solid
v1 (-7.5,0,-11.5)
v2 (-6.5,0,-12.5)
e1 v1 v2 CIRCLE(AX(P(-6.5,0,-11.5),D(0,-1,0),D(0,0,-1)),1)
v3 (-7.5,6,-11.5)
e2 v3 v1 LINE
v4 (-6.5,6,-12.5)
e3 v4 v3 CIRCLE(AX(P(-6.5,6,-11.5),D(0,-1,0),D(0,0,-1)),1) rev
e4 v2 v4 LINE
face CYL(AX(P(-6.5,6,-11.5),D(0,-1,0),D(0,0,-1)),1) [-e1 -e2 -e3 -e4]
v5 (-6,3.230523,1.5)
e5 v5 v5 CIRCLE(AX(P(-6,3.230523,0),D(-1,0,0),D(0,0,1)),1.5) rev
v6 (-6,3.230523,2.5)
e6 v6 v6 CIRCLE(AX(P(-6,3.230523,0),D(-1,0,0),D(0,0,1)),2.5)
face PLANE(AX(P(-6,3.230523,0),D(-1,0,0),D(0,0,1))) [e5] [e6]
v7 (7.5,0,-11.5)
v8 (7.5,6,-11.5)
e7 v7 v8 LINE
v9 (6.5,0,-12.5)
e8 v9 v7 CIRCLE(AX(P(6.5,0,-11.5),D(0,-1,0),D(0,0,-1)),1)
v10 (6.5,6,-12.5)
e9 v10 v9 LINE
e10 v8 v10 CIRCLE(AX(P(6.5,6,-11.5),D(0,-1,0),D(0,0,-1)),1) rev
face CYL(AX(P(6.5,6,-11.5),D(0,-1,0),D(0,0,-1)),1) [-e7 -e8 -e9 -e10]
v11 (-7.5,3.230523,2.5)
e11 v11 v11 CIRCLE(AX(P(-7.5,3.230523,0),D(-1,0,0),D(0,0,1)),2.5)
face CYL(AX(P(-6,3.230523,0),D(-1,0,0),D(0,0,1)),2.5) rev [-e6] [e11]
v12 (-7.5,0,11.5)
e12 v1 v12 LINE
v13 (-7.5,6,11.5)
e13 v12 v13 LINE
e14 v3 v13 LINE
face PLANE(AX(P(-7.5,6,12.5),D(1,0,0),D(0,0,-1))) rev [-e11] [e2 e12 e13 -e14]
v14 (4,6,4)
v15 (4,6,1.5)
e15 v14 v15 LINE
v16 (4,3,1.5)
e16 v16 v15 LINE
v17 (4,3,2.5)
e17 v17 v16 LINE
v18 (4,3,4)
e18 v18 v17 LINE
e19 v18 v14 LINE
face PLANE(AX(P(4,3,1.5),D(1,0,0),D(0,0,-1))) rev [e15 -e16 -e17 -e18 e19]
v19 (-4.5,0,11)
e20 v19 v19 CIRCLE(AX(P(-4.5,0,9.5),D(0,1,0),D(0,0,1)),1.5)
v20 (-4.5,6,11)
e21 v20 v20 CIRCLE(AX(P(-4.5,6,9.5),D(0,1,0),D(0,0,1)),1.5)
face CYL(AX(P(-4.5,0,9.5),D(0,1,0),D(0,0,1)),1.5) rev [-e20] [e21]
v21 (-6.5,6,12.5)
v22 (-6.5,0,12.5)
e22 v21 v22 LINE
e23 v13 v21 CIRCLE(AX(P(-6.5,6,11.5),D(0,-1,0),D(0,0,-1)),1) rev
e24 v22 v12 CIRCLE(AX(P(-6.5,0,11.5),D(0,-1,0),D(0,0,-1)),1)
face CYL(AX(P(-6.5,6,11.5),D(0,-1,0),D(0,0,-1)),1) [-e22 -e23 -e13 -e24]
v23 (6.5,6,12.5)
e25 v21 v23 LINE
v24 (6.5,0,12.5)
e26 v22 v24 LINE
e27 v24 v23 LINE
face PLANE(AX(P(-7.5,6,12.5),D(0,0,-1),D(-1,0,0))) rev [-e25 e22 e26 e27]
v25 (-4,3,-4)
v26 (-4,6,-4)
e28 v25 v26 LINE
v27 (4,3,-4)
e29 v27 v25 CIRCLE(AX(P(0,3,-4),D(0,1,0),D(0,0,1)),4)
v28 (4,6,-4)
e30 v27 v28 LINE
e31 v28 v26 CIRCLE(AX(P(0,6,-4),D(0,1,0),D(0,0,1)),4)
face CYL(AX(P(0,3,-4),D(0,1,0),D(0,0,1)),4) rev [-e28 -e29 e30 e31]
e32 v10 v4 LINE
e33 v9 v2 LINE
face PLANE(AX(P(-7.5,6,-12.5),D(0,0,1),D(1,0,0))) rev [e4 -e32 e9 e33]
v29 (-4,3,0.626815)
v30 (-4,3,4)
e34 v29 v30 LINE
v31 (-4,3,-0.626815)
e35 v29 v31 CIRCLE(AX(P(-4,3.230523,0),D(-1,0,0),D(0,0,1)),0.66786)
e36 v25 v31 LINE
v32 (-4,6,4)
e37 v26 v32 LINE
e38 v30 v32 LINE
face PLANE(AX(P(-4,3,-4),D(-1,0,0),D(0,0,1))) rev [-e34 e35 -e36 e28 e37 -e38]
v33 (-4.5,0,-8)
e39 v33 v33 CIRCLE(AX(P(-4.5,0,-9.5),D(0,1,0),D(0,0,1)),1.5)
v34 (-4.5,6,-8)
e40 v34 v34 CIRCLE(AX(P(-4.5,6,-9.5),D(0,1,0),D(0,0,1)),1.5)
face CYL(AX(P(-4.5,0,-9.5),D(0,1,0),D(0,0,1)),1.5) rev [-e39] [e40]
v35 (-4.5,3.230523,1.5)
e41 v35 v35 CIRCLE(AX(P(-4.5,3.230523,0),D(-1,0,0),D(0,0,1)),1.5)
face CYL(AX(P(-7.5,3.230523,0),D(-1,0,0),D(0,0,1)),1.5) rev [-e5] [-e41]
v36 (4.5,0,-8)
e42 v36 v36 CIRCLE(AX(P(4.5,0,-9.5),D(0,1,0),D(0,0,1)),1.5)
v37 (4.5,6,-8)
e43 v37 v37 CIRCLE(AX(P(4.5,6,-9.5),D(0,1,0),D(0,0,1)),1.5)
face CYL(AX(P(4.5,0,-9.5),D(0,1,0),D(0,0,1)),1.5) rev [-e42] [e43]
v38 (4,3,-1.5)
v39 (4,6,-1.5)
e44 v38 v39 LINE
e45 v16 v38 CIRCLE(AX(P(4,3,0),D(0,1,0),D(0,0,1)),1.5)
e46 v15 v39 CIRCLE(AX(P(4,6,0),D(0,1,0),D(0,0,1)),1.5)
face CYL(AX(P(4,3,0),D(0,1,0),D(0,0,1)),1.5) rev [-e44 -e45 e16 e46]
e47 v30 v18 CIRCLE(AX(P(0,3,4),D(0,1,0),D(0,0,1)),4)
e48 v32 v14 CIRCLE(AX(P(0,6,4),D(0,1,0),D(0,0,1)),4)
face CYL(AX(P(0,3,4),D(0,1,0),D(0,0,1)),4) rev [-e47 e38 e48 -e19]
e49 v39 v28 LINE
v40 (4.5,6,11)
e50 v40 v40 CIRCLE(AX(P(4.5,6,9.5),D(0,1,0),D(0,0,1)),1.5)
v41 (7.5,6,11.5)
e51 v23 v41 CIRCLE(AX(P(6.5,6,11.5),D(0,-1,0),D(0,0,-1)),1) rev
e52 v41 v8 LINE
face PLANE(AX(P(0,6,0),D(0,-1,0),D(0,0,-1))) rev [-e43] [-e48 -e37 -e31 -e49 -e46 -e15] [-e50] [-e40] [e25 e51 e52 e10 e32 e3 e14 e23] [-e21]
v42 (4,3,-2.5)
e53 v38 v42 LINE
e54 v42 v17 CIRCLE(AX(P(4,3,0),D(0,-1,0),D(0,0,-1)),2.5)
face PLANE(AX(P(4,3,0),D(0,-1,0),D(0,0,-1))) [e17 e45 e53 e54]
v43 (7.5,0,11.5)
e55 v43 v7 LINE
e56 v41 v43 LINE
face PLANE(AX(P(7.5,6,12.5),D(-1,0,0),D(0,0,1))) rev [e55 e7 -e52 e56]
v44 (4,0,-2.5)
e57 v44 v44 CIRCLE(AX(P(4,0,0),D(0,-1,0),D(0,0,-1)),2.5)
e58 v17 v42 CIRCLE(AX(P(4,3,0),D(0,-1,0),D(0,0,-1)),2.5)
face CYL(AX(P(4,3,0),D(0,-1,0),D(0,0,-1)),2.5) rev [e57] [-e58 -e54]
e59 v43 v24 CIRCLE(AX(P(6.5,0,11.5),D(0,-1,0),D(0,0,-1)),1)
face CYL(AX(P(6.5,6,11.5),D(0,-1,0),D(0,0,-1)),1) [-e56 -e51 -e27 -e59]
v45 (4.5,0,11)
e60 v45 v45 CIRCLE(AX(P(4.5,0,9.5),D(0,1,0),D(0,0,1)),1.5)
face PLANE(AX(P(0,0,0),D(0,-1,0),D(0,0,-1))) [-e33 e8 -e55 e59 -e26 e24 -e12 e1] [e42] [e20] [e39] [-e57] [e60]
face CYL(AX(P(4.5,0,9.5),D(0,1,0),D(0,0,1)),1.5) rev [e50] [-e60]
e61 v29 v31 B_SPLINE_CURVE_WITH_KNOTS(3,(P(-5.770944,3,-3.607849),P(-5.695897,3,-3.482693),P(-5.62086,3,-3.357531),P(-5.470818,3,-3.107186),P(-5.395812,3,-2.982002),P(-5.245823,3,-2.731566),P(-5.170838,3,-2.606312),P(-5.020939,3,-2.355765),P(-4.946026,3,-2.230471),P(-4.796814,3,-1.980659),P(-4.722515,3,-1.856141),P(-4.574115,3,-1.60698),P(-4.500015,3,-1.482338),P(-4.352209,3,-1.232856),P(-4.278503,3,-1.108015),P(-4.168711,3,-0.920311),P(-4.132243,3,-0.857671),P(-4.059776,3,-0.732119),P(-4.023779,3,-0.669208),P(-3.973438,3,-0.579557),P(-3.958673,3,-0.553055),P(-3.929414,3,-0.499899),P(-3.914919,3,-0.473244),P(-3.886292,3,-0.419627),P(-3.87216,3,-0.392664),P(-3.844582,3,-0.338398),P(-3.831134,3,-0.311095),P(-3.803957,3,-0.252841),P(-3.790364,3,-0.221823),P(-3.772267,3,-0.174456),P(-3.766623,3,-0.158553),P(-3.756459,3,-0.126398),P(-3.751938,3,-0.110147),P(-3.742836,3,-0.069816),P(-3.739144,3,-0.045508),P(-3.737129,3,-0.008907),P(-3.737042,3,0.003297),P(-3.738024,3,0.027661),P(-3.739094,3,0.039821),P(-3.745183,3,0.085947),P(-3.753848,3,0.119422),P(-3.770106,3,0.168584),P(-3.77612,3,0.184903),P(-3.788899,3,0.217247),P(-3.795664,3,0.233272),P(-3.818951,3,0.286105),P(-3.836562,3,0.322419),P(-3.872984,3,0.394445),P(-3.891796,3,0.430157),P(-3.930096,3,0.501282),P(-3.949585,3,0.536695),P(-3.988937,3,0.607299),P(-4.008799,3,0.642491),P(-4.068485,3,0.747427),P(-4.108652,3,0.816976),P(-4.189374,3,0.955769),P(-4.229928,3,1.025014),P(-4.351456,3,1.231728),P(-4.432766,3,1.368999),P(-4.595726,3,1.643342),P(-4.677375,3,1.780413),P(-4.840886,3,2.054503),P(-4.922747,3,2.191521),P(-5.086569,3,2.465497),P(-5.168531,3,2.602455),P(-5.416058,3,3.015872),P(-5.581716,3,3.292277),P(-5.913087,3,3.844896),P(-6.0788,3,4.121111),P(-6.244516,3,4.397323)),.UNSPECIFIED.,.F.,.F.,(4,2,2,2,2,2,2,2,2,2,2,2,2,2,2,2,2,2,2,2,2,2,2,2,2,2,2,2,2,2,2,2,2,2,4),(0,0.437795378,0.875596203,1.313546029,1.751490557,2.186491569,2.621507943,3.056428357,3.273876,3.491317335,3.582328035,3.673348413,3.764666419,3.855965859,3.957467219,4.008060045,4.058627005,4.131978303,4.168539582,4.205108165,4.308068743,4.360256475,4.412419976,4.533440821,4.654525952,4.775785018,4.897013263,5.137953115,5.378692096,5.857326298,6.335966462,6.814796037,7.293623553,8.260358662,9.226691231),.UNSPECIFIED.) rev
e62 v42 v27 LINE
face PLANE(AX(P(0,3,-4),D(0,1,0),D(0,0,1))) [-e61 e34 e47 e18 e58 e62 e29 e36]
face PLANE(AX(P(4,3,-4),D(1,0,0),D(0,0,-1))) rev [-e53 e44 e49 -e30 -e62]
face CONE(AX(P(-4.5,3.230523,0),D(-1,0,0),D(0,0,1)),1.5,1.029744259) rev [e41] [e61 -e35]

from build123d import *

# Parameters (mm, degrees)
SKETCH1_W                 = 15
SKETCH1_H                 = 25
BOSS_EXTRUDE1_DEPTH       = 6
CUT_EXTRUDE1_DEPTH        = 3
SKETCH3_R                 = 1.5
CUT_EXTRUDE2_DEPTH        = 16.76388277
SKETCH4_R                 = 2.5
CUT_EXTRUDE3_DEPTH        = 3
F_3_0MM_DOWEL_HOLE1_D     = 3
F_3_0MM_DOWEL_HOLE1_DEPTH = 3
F_3_0MM_DOWEL_HOLE1_TIP   = 0.901290929
SKETCH7_R                 = 2.5
CUT_EXTRUDE4_DEPTH        = 1.5
FILLET1_R                 = 1


with BuildPart() as part:
    # Sketch1 → Boss-Extrude1 (new body)
    with BuildSketch(Plane(origin=(0, 0, 0), x_dir=(1, 0, 0), z_dir=(0, 1, 0))):
        Rectangle(SKETCH1_W, SKETCH1_H)
    extrude(amount=BOSS_EXTRUDE1_DEPTH)

    # Sketch2 → Cut-Extrude1 (cut)
    with BuildSketch(Plane(origin=(0, 6, 0), x_dir=(1, 0, 0), z_dir=(0, 1, 0))):
        with BuildLine():
            Line((4, 4), (4, 1.5))
            ThreePointArc((4, 1.5), (5.5, 0), (4, -1.5))
            Line((4, -1.5), (4, -4))
            ThreePointArc((4, -4), (0, -8), (-4, -4))
            Line((-4, -4), (-4, 4))
            ThreePointArc((-4, 4), (0, 8), (4, 4))
        make_face()
    extrude(amount=-CUT_EXTRUDE1_DEPTH, mode=Mode.SUBTRACT)

    # Sketch3 → Cut-Extrude2 (cut, through all)
    with BuildSketch(Plane(origin=(0, 6, 0), x_dir=(1, 0, 0), z_dir=(0, 1, 0))):
        with Locations(Location((-4.5, 9.5, 0), (0, 0, 270))):
            Circle(SKETCH3_R)
        with Locations(Location((4.5, 9.5, 0), (0, 0, 270))):
            Circle(SKETCH3_R)
        with Locations(Location((-4.5, -9.5, 0), (0, 0, 270))):
            Circle(SKETCH3_R)
        with Locations(Location((4.5, -9.5, 0), (0, 0, 270))):
            Circle(SKETCH3_R)
    extrude(amount=-CUT_EXTRUDE2_DEPTH, mode=Mode.SUBTRACT)

    # Sketch4 → Cut-Extrude3 (cut)
    with BuildSketch(Plane.XZ):
        with Locations(Location((4, 0, 0), (0, 0, 270))):
            Circle(SKETCH4_R)
    extrude(amount=-CUT_EXTRUDE3_DEPTH, mode=Mode.SUBTRACT)

    # Ø3.0mm Dowel Hole1
    with Locations(Plane.ZY.offset(7.5)):
        with Locations((0, 3.230523086)):
            Hole(F_3_0MM_DOWEL_HOLE1_D / 2, depth=F_3_0MM_DOWEL_HOLE1_DEPTH)
            with Locations((0, 0, -(F_3_0MM_DOWEL_HOLE1_DEPTH + F_3_0MM_DOWEL_HOLE1_TIP / 2))):  # 118° drill point
                Cone(0, F_3_0MM_DOWEL_HOLE1_D / 2, F_3_0MM_DOWEL_HOLE1_TIP, mode=Mode.SUBTRACT)

    # Sketch7 → Cut-Extrude4 (cut)
    with BuildSketch(Plane.ZY.offset(7.5)):
        with Locations((0, 3.230523086)):
            Circle(SKETCH7_R)
    extrude(amount=-CUT_EXTRUDE4_DEPTH, mode=Mode.SUBTRACT)

    # Fillet1
    fillet1_edges = [part.edges().sort_by_distance(p)[0] for p in [
        (7.5, 3, 12.5),
        (-7.5, 3, 12.5),
        (-7.5, 3, -12.5),
        (7.5, 3, -12.5),
    ]]
    fillet(fillet1_edges, radius=FILLET1_R)


solid = part.part
